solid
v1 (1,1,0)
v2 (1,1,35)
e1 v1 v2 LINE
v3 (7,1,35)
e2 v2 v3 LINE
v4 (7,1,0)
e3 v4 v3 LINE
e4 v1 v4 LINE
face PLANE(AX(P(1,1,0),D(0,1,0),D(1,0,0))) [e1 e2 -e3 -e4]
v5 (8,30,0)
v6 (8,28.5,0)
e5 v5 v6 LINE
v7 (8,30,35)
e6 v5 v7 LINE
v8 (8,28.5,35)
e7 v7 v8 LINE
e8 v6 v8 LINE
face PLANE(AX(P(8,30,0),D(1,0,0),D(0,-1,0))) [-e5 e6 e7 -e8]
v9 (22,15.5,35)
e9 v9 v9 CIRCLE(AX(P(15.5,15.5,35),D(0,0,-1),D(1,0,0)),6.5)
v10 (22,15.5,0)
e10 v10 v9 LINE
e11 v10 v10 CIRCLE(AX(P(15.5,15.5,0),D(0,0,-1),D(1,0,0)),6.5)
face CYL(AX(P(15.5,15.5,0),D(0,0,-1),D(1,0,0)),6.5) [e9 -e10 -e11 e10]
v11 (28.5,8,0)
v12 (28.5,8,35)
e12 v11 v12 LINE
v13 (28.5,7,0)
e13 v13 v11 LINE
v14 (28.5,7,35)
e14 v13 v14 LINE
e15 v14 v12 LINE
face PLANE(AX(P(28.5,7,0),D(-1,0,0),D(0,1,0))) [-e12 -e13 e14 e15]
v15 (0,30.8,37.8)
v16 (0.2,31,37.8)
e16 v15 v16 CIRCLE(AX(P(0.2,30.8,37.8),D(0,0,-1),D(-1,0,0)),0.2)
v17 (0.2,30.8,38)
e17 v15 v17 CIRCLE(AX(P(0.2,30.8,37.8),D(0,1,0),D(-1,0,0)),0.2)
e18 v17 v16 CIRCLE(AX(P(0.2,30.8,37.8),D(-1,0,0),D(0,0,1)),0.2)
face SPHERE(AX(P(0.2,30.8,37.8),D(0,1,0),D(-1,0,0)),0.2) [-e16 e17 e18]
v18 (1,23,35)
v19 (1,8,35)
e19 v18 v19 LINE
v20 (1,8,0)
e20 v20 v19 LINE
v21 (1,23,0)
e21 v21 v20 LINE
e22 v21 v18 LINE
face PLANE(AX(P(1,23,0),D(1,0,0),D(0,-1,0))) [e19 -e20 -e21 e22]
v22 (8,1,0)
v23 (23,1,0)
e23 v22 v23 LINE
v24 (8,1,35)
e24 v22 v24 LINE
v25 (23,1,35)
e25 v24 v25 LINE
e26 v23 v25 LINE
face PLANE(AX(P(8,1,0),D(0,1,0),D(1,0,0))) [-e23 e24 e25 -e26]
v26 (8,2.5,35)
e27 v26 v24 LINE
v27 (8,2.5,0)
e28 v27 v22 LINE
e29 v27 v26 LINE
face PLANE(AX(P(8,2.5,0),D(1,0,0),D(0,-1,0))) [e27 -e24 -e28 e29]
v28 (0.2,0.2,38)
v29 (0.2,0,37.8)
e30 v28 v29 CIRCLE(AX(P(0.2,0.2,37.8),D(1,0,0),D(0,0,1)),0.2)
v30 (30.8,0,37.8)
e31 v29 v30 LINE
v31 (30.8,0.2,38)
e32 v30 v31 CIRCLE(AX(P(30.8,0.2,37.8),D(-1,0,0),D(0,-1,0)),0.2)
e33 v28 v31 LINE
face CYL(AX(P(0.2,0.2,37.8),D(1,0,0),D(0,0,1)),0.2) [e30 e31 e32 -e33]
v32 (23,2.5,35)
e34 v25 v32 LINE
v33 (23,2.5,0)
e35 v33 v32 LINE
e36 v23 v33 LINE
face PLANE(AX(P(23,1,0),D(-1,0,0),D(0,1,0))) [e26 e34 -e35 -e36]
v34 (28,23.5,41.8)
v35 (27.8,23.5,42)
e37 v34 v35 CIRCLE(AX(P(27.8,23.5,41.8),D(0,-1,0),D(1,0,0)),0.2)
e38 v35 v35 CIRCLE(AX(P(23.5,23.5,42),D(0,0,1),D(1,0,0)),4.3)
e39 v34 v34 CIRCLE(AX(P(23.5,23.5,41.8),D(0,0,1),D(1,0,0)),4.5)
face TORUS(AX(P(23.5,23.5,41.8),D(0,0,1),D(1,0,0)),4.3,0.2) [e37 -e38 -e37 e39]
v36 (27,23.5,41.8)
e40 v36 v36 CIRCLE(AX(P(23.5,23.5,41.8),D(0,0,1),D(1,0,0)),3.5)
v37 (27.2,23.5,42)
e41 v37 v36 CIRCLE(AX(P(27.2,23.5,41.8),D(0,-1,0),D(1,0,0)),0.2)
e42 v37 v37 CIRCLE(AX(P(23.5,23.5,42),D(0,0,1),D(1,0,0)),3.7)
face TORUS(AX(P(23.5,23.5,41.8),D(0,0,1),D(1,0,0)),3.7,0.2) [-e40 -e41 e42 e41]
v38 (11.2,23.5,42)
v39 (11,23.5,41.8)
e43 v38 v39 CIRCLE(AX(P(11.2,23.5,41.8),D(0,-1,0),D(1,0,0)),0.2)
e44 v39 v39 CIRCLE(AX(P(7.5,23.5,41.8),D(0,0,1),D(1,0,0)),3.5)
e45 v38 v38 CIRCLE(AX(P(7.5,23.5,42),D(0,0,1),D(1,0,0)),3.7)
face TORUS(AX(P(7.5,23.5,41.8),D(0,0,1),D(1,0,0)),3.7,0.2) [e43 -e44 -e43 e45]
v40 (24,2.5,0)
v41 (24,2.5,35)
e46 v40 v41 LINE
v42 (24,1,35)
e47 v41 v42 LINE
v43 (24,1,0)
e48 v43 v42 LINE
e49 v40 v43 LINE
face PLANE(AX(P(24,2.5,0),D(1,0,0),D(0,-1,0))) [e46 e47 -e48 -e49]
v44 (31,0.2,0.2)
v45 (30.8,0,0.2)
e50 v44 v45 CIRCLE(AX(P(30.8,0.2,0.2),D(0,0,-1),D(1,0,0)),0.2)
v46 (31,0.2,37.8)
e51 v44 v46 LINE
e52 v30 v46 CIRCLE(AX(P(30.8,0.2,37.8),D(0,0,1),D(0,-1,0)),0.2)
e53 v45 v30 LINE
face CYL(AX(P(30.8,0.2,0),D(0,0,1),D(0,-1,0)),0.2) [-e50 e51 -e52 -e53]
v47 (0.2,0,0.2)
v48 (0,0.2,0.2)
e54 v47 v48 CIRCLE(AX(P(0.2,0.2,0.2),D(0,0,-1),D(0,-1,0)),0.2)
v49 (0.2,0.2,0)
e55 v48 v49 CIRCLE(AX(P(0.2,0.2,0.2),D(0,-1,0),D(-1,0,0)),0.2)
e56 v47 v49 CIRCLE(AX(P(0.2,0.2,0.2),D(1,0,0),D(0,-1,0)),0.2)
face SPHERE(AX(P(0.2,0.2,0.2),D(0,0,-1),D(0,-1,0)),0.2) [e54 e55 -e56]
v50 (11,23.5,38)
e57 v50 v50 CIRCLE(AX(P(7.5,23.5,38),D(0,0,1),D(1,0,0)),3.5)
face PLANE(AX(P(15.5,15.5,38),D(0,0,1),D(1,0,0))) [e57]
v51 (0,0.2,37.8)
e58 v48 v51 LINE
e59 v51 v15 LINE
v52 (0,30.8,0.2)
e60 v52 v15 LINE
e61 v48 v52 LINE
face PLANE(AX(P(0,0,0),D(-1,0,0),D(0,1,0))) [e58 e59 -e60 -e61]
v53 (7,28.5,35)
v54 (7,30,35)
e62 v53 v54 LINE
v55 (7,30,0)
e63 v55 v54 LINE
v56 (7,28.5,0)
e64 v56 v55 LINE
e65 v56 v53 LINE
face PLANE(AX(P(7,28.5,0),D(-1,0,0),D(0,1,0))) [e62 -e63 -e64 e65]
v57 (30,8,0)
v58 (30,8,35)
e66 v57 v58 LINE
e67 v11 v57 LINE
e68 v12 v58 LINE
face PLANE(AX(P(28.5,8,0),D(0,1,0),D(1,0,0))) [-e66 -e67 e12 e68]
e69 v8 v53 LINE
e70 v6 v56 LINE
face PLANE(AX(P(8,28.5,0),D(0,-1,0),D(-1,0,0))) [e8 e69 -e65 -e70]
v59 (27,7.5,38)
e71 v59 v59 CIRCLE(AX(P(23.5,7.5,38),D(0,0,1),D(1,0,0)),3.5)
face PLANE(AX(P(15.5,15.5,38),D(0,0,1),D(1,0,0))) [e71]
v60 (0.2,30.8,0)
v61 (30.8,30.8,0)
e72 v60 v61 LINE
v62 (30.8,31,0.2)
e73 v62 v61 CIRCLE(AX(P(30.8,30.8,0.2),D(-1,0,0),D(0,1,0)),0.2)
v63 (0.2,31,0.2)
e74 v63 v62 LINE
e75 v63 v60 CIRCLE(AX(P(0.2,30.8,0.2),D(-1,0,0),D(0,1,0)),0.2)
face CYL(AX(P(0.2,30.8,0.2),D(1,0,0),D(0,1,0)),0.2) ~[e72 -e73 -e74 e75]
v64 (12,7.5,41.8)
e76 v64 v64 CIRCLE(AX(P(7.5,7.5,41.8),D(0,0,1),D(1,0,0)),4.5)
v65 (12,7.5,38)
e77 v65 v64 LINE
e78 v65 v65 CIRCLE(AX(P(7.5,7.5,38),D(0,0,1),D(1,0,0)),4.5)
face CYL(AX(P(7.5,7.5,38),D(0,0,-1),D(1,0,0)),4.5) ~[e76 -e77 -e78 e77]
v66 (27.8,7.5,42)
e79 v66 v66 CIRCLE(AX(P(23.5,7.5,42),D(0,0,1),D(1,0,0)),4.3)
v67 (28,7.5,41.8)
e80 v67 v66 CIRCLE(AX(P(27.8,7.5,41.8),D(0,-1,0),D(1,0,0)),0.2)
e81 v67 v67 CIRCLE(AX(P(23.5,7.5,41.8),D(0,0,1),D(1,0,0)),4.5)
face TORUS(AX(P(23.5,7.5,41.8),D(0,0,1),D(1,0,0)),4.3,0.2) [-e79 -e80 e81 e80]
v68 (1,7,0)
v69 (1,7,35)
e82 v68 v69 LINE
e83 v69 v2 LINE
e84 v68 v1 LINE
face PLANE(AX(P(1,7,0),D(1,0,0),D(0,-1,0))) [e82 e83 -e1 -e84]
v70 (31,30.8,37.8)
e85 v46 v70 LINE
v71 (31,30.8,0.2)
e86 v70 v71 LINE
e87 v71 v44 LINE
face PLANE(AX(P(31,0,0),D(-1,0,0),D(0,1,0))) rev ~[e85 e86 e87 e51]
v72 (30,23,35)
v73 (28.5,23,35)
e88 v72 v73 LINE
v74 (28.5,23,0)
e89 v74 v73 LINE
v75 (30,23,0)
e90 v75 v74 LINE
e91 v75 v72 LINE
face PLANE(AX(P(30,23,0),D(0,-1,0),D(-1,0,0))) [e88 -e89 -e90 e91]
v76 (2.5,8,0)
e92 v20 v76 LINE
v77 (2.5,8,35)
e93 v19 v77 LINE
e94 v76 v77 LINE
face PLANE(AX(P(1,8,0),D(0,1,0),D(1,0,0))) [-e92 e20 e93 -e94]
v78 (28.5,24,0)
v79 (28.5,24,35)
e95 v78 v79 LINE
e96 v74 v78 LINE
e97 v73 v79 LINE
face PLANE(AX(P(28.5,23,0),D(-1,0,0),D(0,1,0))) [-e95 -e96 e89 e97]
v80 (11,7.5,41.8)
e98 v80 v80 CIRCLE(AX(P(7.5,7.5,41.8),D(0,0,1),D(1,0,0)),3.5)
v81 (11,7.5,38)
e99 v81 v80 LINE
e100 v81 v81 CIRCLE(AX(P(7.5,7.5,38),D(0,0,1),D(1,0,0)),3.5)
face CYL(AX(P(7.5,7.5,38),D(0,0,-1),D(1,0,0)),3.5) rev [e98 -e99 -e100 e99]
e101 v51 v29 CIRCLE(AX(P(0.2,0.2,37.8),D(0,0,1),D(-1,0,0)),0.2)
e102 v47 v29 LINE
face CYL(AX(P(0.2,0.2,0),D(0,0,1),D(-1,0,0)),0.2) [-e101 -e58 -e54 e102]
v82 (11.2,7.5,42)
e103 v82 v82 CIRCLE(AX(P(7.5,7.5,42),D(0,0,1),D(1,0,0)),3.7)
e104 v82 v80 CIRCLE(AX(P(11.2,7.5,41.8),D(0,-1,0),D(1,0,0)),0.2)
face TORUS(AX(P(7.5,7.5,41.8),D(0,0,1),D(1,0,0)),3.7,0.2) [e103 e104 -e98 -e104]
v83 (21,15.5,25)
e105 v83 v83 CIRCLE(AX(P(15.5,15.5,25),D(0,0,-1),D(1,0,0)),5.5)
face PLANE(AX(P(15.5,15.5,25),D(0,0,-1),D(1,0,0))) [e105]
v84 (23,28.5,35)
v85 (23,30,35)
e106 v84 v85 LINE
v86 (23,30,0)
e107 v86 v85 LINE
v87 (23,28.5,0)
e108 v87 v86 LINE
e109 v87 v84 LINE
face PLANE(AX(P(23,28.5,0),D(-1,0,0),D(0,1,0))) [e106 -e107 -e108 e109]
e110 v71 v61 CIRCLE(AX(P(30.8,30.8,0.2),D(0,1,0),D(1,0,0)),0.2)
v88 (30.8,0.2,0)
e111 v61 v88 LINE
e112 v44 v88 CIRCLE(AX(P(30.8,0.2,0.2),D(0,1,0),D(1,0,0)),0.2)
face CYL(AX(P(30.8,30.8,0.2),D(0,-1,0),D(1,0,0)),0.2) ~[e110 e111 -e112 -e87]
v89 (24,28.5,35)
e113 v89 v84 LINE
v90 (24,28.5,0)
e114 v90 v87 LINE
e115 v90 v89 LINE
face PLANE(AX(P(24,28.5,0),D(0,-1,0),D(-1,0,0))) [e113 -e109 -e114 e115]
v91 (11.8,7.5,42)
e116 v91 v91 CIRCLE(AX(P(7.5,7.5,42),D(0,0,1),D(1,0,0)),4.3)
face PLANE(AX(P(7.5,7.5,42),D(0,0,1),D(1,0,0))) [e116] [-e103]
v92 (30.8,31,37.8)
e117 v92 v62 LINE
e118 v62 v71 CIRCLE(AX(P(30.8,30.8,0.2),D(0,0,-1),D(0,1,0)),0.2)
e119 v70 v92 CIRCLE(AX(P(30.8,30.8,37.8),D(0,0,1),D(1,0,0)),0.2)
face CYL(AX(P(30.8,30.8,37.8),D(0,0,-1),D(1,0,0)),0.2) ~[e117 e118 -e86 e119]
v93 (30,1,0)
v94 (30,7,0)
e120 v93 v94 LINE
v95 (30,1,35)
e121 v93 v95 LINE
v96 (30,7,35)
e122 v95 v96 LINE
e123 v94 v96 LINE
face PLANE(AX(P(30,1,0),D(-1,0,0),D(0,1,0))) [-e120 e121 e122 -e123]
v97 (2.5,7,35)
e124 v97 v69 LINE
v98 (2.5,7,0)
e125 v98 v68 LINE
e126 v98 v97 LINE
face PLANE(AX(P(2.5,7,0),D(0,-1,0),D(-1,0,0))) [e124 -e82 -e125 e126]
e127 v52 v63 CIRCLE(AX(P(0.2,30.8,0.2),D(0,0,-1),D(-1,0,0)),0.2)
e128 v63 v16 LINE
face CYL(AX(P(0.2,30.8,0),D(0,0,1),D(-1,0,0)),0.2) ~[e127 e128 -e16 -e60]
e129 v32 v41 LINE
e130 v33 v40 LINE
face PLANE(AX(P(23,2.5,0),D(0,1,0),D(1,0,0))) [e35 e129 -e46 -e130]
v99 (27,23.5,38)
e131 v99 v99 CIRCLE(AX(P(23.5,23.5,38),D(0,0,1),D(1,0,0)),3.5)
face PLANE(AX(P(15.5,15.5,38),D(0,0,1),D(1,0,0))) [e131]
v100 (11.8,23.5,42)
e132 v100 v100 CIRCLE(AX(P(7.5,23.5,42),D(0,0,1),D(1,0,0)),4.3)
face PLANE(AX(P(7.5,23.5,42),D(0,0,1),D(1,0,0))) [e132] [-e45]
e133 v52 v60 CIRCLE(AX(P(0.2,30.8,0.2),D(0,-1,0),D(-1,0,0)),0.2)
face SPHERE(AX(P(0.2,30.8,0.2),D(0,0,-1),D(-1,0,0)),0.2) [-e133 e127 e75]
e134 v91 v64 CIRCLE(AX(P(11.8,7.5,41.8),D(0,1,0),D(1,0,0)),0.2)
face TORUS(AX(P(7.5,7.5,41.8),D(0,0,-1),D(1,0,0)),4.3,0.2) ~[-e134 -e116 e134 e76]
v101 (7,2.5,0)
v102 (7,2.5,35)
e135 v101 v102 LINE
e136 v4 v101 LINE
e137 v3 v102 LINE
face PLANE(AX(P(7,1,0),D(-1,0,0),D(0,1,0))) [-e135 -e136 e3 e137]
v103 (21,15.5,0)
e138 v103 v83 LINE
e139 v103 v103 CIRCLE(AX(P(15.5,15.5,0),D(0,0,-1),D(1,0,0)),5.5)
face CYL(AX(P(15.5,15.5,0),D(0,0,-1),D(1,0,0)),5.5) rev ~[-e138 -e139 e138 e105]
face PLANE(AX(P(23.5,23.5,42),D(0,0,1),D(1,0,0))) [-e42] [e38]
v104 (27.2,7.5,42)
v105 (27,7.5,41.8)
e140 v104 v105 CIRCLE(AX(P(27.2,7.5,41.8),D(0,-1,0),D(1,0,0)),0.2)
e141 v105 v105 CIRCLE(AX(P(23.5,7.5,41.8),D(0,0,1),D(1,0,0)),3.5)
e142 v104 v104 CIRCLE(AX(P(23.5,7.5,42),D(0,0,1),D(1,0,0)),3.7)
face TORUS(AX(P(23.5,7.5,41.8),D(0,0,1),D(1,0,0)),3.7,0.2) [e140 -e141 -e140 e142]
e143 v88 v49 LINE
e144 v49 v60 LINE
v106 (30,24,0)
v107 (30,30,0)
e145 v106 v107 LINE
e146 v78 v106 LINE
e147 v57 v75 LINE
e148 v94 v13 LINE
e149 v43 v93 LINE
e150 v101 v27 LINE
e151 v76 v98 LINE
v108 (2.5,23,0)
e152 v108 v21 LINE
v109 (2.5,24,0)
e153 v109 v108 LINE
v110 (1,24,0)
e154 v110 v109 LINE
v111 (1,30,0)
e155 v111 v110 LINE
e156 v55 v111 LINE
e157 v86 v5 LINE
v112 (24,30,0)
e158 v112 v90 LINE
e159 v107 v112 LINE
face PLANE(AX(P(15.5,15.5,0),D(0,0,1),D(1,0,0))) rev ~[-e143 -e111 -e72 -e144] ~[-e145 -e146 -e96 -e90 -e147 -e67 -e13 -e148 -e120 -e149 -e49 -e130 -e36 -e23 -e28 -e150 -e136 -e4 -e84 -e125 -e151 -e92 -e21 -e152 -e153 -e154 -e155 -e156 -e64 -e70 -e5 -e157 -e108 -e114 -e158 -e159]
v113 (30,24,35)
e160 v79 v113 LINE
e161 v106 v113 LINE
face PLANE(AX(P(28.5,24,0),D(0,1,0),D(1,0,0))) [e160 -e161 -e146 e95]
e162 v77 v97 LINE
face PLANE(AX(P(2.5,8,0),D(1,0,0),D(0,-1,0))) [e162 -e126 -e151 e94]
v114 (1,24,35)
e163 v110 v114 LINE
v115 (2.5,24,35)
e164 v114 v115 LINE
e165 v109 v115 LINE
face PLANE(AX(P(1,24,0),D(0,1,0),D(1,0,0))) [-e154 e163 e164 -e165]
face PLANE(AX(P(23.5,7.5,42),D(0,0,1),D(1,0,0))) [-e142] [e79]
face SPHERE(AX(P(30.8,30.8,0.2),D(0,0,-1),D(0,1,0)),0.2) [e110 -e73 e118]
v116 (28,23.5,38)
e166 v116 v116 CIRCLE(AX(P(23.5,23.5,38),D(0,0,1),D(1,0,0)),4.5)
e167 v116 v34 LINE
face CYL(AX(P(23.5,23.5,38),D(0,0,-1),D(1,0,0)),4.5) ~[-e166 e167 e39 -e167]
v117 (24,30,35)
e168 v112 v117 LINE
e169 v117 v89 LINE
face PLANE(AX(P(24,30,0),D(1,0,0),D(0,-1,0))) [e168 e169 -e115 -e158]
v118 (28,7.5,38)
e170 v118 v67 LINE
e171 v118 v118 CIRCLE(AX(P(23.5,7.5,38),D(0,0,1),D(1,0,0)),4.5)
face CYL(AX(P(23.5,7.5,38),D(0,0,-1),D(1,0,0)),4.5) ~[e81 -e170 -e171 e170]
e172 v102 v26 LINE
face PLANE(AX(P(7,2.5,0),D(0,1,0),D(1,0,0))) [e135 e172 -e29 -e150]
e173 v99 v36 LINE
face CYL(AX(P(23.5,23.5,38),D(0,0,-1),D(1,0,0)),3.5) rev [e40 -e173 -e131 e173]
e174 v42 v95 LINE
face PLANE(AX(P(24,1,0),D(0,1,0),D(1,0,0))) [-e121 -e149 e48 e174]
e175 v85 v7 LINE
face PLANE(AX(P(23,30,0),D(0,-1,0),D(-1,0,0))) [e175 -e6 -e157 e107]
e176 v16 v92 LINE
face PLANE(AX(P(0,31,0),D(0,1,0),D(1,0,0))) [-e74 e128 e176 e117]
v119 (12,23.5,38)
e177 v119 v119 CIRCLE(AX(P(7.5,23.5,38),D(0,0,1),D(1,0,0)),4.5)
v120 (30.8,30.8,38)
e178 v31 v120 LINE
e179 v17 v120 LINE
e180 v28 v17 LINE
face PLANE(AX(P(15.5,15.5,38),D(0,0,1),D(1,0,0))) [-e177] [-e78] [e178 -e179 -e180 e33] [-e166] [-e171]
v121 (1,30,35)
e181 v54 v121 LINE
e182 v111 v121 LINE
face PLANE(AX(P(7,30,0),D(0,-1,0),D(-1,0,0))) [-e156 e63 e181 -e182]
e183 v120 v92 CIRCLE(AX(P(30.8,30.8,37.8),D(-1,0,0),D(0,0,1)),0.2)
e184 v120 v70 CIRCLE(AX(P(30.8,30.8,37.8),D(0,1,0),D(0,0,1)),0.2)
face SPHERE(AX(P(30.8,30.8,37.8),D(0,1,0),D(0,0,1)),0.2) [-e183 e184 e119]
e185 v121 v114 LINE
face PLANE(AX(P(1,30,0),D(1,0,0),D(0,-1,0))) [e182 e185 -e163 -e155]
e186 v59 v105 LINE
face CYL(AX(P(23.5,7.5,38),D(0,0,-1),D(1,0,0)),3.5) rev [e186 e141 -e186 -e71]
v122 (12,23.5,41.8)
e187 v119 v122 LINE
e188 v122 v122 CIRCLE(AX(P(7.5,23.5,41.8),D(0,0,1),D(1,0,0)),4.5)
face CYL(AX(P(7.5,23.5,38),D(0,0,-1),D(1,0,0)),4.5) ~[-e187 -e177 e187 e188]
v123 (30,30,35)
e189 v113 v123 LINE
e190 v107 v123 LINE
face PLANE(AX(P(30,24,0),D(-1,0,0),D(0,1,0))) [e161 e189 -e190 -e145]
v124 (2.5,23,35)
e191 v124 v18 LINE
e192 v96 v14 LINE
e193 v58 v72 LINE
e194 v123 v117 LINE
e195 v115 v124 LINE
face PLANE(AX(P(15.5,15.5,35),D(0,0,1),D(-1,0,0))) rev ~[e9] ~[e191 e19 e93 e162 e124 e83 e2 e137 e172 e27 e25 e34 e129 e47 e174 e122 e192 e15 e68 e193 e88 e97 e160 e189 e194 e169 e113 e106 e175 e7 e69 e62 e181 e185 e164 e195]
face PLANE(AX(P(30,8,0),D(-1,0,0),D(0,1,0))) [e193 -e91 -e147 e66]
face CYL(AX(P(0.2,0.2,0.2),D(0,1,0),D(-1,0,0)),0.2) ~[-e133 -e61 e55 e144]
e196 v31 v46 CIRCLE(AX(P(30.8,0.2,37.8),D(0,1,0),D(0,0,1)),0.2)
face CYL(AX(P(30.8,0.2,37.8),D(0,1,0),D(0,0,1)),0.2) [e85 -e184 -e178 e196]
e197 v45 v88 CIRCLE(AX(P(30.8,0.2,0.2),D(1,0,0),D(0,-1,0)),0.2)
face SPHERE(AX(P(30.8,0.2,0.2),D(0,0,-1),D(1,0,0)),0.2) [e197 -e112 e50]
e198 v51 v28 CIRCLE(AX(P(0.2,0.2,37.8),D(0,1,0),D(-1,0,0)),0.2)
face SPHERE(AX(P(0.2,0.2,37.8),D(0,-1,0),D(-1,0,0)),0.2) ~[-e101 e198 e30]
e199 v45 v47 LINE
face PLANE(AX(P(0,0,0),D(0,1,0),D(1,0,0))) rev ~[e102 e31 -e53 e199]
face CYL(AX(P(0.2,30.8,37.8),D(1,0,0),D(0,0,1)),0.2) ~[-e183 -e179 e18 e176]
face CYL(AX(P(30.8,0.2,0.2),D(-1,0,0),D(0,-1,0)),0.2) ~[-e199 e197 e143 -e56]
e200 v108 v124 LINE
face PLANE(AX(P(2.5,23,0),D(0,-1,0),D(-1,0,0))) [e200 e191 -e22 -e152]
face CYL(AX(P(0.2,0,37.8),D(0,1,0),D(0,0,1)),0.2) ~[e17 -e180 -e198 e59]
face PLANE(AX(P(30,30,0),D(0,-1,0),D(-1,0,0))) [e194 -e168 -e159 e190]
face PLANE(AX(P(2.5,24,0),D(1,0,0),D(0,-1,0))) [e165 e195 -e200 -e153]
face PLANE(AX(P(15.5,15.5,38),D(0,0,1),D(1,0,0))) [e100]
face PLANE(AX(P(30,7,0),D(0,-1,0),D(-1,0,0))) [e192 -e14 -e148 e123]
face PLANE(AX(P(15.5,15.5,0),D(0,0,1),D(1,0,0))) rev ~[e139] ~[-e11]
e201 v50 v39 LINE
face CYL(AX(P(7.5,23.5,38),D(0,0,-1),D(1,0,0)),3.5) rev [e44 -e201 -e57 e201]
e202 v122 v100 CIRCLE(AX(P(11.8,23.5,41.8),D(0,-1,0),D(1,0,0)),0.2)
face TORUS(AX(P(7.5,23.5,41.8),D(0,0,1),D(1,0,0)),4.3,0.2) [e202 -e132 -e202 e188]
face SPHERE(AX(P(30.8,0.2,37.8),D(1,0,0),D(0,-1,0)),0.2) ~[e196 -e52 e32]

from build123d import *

# Parameters (mm, degrees)
BOX_W           = 31
BOX_H           = 31
BOX_DEPTH       = 38
SKETCH_R        = 4.5
SKETCH_R_2      = 3.5
PAD_DEPTH       = 4
SKETCH001_R     = 6.5
POCKET_DEPTH    = 35
SKETCH002_R     = 5.5
POCKET001_DEPTH = 25
FILLET_R        = 0.2
FILLET001_R     = 0.2
FILLET002_R     = 0.2
FILLET003_R     = 0.2
FILLET004_R     = 0.2
FILLET005_R     = 0.2
FILLET006_R     = 0.2
FILLET007_R     = 0.2
FILLET008_R     = 0.2
FILLET009_R     = 0.2
FILLET010_R     = 0.2
FILLET011_R     = 0.2
FILLET012_R     = 0.2


with BuildPart() as part:
    # Box → Box (new body)
    with BuildSketch(Plane.XY):
        with Locations((15.5, 15.5)):
            Rectangle(BOX_W, BOX_H)
    extrude(amount=BOX_DEPTH)

    # Sketch (on Face6 of Box) → Pad (new body)
    with BuildSketch(Plane.XY.offset(38)):
        with Locations((7.5, 7.5)):
            Circle(SKETCH_R)
        with Locations((7.5, 7.5)):
            Circle(SKETCH_R_2, mode=Mode.SUBTRACT)
        with Locations((7.5, 23.5)):
            Circle(SKETCH_R)
        with Locations((7.5, 23.5)):
            Circle(SKETCH_R_2, mode=Mode.SUBTRACT)
        with Locations((23.5, 7.5)):
            Circle(SKETCH_R)
        with Locations((23.5, 7.5)):
            Circle(SKETCH_R_2, mode=Mode.SUBTRACT)
        with Locations((23.5, 23.5)):
            Circle(SKETCH_R)
        with Locations((23.5, 23.5)):
            Circle(SKETCH_R_2, mode=Mode.SUBTRACT)
    extrude(amount=PAD_DEPTH)

    # Sketch001 (on Face5 of Pad) → Pocket (cut)
    with BuildSketch(Plane(origin=(0, 0, 0), x_dir=(1, 0, 0), z_dir=(0, 0, -1))):
        Polygon((1, -1), (7, -1), (7, -2.5), (8, -2.5), (8, -1), (23, -1), (23, -2.5), (24, -2.5), (24, -1), (30, -1), (30, -7), (28.5, -7), (28.5, -8), (30, -8), (30, -23), (28.5, -23), (28.5, -24), (30, -24), (30, -30), (24, -30), (24, -28.5), (23, -28.5), (23, -30), (8, -30), (8, -28.5), (7, -28.5), (7, -30), (1, -30), (1, -24), (2.5, -24), (2.5, -23), (1, -23), (1, -8), (2.5, -8), (2.5, -7), (1, -7), align=None)
        with Locations((15.5, -15.5)):
            Circle(SKETCH001_R, mode=Mode.SUBTRACT)
    extrude(amount=-POCKET_DEPTH, mode=Mode.SUBTRACT)

    # Sketch002 (on Face61 of Pocket) → Pocket001 (cut)
    with BuildSketch(Plane(origin=(0, 0, 0), x_dir=(1, 0, 0), z_dir=(0, 0, -1))):
        with Locations((15.5, -15.5)):
            Circle(SKETCH002_R)
    extrude(amount=-POCKET001_DEPTH, mode=Mode.SUBTRACT)

    # Fillet
    fillet_edges = [part.edges().sort_by_distance(p)[0] for p in [
        (19, 7.5, 42),
    ]]
    fillet(fillet_edges, radius=FILLET_R)

    # Fillet001
    fillet001_edges = [part.edges().sort_by_distance(p)[0] for p in [
        (20, 7.5, 42),
    ]]
    fillet(fillet001_edges, radius=FILLET001_R)

    # Fillet002
    fillet002_edges = [part.edges().sort_by_distance(p)[0] for p in [
        (19, 23.5, 42),
    ]]
    fillet(fillet002_edges, radius=FILLET002_R)

    # Fillet003
    fillet003_edges = [part.edges().sort_by_distance(p)[0] for p in [
        (20, 23.5, 42),
    ]]
    fillet(fillet003_edges, radius=FILLET003_R)

    # Fillet004
    fillet004_edges = [part.edges().sort_by_distance(p)[0] for p in [
        (3, 23.5, 42),
    ]]
    fillet(fillet004_edges, radius=FILLET004_R)

    # Fillet005
    fillet005_edges = [part.edges().sort_by_distance(p)[0] for p in [
        (4, 23.5, 42),
    ]]
    fillet(fillet005_edges, radius=FILLET005_R)

    # Fillet006
    fillet006_edges = [part.edges().sort_by_distance(p)[0] for p in [
        (4, 7.5, 42),
    ]]
    fillet(fillet006_edges, radius=FILLET006_R)

    # Fillet007
    fillet007_edges = [part.edges().sort_by_distance(p)[0] for p in [
        (3, 7.5, 42),
    ]]
    fillet(fillet007_edges, radius=FILLET007_R)

    # Fillet008
    fillet008_edges = [part.edges().sort_by_distance(p)[0] for p in [
        (0, 15.5, 38),
    ]]
    fillet(fillet008_edges, radius=FILLET008_R)

    # Fillet009
    fillet009_edges = [part.edges().sort_by_distance(p)[0] for p in [
        (15.6, 0, 38),
    ]]
    fillet(fillet009_edges, radius=FILLET009_R)

    # Fillet010
    fillet010_edges = [part.edges().sort_by_distance(p)[0] for p in [
        (31, 15.6, 38),
    ]]
    fillet(fillet010_edges, radius=FILLET010_R)

    # Fillet011
    fillet011_edges = [part.edges().sort_by_distance(p)[0] for p in [
        (15.5, 31, 38),
    ]]
    fillet(fillet011_edges, radius=FILLET011_R)

    # Fillet012
    fillet012_edges = [part.edges().sort_by_distance(p)[0] for p in [
        (15.5, 31, 0),
        (0, 15.5, 0),
        (15.5, 0, 0),
        (31, 15.5, 0),
    ]]
    fillet(fillet012_edges, radius=FILLET012_R)


solid = part.part
